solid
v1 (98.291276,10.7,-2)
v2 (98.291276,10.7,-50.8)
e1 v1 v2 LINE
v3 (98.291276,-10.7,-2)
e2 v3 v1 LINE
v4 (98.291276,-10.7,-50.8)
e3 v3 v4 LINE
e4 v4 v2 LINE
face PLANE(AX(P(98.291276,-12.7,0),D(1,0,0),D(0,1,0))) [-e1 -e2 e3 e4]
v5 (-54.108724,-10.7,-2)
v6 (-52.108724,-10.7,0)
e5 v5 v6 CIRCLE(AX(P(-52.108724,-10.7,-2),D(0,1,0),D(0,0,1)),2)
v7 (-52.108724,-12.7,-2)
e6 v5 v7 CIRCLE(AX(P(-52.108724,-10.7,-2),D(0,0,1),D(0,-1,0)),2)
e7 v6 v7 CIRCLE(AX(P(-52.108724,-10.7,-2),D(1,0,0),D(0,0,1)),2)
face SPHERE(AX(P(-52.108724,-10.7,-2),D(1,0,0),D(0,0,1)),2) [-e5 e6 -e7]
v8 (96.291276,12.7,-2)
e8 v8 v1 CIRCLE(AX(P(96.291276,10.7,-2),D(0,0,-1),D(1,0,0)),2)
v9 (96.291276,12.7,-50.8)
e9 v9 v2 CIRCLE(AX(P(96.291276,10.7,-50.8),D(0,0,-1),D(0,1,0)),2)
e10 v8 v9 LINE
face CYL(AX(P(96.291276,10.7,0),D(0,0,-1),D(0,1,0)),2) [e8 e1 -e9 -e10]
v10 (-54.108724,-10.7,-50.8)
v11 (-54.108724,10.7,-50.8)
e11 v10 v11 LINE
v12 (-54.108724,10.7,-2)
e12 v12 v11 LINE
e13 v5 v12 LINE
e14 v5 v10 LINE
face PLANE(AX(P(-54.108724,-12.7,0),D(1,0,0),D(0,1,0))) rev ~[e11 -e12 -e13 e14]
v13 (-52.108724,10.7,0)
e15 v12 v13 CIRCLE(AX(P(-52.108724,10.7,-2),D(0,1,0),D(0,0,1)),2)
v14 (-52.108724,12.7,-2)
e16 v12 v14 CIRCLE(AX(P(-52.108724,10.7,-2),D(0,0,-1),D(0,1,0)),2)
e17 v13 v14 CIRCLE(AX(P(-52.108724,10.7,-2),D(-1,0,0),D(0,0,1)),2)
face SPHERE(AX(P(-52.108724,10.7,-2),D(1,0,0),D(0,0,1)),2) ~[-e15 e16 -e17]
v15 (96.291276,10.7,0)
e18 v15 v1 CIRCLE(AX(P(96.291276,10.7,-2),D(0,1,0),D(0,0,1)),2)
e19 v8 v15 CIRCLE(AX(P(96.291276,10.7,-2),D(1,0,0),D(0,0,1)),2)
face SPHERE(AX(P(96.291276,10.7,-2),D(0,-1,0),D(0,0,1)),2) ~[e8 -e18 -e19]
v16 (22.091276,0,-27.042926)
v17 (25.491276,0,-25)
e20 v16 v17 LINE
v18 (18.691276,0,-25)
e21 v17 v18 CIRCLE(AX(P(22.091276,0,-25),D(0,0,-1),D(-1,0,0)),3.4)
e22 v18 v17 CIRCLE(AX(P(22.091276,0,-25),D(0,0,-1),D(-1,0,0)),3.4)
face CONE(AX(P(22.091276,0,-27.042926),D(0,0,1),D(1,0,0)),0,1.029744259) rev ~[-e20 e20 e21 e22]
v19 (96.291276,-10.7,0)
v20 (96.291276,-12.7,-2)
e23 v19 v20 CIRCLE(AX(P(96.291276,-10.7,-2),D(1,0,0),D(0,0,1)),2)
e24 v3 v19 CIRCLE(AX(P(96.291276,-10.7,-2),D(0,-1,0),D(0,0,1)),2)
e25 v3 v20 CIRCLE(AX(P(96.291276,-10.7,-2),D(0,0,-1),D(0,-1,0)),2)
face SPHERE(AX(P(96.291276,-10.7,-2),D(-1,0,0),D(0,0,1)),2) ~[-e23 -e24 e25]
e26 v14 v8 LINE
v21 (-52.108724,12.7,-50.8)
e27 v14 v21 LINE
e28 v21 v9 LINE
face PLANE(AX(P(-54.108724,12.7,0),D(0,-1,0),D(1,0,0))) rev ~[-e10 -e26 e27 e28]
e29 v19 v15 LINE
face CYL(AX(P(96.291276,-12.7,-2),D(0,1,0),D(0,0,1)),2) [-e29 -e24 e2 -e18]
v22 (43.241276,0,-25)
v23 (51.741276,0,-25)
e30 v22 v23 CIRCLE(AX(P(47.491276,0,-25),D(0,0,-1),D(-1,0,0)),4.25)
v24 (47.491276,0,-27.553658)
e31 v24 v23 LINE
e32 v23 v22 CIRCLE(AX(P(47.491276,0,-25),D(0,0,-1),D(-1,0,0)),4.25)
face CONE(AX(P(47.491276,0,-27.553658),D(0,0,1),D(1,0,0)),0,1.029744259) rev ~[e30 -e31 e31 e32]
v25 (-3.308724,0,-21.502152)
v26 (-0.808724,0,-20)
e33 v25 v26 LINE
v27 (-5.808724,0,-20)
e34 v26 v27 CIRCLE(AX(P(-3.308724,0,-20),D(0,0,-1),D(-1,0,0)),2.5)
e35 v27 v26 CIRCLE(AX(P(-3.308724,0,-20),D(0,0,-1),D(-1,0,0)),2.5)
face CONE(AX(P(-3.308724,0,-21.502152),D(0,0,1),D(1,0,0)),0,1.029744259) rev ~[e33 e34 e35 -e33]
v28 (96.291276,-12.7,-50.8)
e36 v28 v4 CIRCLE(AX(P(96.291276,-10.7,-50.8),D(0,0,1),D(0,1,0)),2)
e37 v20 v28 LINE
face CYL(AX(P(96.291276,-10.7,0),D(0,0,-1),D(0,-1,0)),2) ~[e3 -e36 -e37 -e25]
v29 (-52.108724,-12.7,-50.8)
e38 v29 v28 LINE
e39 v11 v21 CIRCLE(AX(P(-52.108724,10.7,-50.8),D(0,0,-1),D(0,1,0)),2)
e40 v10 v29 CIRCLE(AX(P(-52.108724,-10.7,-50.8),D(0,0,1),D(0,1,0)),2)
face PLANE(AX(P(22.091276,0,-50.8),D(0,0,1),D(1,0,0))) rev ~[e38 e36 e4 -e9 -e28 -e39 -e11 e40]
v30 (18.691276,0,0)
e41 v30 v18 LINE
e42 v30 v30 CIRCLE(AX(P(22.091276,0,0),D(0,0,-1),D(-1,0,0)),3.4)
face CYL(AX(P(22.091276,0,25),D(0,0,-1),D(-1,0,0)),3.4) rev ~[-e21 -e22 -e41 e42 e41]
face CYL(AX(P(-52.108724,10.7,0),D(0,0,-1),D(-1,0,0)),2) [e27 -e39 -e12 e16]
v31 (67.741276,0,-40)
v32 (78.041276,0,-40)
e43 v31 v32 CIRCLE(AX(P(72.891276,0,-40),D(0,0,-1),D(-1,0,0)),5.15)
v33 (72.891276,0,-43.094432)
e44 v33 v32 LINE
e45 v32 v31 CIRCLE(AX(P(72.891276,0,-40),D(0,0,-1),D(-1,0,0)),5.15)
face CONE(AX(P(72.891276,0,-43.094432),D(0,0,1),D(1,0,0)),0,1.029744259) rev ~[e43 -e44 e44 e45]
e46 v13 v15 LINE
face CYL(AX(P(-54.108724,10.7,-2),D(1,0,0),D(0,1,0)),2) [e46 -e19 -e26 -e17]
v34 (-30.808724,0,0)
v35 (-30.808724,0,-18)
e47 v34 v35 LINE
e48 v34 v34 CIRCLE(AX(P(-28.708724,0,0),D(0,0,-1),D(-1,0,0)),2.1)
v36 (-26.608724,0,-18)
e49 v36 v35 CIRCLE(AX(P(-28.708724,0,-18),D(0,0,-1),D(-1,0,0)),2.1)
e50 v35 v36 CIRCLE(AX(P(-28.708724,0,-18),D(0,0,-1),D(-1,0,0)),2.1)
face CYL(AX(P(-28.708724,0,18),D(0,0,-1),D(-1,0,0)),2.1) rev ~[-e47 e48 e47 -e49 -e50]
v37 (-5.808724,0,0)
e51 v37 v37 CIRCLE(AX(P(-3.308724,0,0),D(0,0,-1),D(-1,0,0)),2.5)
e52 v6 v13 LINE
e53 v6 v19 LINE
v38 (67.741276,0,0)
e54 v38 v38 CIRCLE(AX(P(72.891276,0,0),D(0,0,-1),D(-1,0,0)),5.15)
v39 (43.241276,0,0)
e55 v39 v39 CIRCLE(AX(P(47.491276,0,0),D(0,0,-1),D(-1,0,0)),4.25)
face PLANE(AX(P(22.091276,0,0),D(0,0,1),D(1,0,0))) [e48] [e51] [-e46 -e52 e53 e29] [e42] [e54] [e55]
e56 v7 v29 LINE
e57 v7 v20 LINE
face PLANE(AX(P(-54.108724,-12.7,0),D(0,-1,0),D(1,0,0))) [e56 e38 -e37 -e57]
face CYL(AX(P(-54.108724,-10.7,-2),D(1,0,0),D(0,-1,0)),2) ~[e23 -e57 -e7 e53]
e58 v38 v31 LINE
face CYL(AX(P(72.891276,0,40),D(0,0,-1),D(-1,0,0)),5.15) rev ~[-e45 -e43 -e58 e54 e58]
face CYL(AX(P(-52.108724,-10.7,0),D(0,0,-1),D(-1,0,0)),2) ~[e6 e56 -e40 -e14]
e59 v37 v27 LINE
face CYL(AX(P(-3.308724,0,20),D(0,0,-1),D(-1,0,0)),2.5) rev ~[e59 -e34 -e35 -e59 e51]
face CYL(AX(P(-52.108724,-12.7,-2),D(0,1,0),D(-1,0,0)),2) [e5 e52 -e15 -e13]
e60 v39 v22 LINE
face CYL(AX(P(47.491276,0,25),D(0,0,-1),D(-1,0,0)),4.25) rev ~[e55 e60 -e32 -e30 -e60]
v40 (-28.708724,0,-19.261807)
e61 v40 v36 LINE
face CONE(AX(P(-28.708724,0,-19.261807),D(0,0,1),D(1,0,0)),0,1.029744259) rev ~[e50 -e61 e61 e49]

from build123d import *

# Parameters (mm, degrees)
F0_W     = 152.4
F0_H     = 25.4
F1_DEPTH = 50.8
F2_D     = 4.2
F2_DEPTH = 18
F2_TIP   = 1.2618073
F3_D     = 5
F3_DEPTH = 20
F3_TIP   = 1.5021515476
F4_D     = 6.8
F4_DEPTH = 25
F4_TIP   = 2.0429261047
F5_D     = 8.5
F5_DEPTH = 25
F5_TIP   = 2.5536576309
F6_D     = 10.3
F6_DEPTH = 40
F6_TIP   = 3.094432188
F7_R     = 2


with BuildPart() as f1:
    # F0 (on Top) → F1 (new body)
    with BuildSketch(Plane.XY):
        with Locations((22.0912756948, 0)):
            Rectangle(F0_W, F0_H)
    extrude(amount=-F1_DEPTH)

    # F2
    with Locations(Plane.XY):
        with Locations((-28.7087243052, 0)):
            Hole(F2_D / 2, depth=F2_DEPTH)
            with Locations((0, 0, -(F2_DEPTH + F2_TIP / 2))):  # 118° drill point
                Cone(0, F2_D / 2, F2_TIP, mode=Mode.SUBTRACT)

    # F3
    with Locations(Plane.XY):
        with Locations((-3.3087243052, 0)):
            Hole(F3_D / 2, depth=F3_DEPTH)
            with Locations((0, 0, -(F3_DEPTH + F3_TIP / 2))):  # 118° drill point
                Cone(0, F3_D / 2, F3_TIP, mode=Mode.SUBTRACT)

    # F4
    with Locations(Plane.XY):
        with Locations((22.0912756948, 0)):
            Hole(F4_D / 2, depth=F4_DEPTH)
            with Locations((0, 0, -(F4_DEPTH + F4_TIP / 2))):  # 118° drill point
                Cone(0, F4_D / 2, F4_TIP, mode=Mode.SUBTRACT)

    # F5
    with Locations(Plane.XY):
        with Locations((47.4912756948, 0)):
            Hole(F5_D / 2, depth=F5_DEPTH)
            with Locations((0, 0, -(F5_DEPTH + F5_TIP / 2))):  # 118° drill point
                Cone(0, F5_D / 2, F5_TIP, mode=Mode.SUBTRACT)

    # F6
    with Locations(Plane.XY):
        with Locations((72.8912756948, 0)):
            Hole(F6_D / 2, depth=F6_DEPTH)
            with Locations((0, 0, -(F6_DEPTH + F6_TIP / 2))):  # 118° drill point
                Cone(0, F6_D / 2, F6_TIP, mode=Mode.SUBTRACT)

    # F7
    f7_edges = [f1.edges().sort_by_distance(p)[0] for p in [
        (22.091276, -12.7, 0),
        (98.291276, 0, 0),
        (22.091276, 12.7, 0),
        (-54.108724, 0, 0),
        (98.291276, 12.7, -25.4),
        (98.291276, -12.7, -25.4),
        (-54.108724, 12.7, -25.4),
        (-54.108724, -12.7, -25.4),
    ]]
    fillet(f7_edges, radius=F7_R)


solid = f1.part
